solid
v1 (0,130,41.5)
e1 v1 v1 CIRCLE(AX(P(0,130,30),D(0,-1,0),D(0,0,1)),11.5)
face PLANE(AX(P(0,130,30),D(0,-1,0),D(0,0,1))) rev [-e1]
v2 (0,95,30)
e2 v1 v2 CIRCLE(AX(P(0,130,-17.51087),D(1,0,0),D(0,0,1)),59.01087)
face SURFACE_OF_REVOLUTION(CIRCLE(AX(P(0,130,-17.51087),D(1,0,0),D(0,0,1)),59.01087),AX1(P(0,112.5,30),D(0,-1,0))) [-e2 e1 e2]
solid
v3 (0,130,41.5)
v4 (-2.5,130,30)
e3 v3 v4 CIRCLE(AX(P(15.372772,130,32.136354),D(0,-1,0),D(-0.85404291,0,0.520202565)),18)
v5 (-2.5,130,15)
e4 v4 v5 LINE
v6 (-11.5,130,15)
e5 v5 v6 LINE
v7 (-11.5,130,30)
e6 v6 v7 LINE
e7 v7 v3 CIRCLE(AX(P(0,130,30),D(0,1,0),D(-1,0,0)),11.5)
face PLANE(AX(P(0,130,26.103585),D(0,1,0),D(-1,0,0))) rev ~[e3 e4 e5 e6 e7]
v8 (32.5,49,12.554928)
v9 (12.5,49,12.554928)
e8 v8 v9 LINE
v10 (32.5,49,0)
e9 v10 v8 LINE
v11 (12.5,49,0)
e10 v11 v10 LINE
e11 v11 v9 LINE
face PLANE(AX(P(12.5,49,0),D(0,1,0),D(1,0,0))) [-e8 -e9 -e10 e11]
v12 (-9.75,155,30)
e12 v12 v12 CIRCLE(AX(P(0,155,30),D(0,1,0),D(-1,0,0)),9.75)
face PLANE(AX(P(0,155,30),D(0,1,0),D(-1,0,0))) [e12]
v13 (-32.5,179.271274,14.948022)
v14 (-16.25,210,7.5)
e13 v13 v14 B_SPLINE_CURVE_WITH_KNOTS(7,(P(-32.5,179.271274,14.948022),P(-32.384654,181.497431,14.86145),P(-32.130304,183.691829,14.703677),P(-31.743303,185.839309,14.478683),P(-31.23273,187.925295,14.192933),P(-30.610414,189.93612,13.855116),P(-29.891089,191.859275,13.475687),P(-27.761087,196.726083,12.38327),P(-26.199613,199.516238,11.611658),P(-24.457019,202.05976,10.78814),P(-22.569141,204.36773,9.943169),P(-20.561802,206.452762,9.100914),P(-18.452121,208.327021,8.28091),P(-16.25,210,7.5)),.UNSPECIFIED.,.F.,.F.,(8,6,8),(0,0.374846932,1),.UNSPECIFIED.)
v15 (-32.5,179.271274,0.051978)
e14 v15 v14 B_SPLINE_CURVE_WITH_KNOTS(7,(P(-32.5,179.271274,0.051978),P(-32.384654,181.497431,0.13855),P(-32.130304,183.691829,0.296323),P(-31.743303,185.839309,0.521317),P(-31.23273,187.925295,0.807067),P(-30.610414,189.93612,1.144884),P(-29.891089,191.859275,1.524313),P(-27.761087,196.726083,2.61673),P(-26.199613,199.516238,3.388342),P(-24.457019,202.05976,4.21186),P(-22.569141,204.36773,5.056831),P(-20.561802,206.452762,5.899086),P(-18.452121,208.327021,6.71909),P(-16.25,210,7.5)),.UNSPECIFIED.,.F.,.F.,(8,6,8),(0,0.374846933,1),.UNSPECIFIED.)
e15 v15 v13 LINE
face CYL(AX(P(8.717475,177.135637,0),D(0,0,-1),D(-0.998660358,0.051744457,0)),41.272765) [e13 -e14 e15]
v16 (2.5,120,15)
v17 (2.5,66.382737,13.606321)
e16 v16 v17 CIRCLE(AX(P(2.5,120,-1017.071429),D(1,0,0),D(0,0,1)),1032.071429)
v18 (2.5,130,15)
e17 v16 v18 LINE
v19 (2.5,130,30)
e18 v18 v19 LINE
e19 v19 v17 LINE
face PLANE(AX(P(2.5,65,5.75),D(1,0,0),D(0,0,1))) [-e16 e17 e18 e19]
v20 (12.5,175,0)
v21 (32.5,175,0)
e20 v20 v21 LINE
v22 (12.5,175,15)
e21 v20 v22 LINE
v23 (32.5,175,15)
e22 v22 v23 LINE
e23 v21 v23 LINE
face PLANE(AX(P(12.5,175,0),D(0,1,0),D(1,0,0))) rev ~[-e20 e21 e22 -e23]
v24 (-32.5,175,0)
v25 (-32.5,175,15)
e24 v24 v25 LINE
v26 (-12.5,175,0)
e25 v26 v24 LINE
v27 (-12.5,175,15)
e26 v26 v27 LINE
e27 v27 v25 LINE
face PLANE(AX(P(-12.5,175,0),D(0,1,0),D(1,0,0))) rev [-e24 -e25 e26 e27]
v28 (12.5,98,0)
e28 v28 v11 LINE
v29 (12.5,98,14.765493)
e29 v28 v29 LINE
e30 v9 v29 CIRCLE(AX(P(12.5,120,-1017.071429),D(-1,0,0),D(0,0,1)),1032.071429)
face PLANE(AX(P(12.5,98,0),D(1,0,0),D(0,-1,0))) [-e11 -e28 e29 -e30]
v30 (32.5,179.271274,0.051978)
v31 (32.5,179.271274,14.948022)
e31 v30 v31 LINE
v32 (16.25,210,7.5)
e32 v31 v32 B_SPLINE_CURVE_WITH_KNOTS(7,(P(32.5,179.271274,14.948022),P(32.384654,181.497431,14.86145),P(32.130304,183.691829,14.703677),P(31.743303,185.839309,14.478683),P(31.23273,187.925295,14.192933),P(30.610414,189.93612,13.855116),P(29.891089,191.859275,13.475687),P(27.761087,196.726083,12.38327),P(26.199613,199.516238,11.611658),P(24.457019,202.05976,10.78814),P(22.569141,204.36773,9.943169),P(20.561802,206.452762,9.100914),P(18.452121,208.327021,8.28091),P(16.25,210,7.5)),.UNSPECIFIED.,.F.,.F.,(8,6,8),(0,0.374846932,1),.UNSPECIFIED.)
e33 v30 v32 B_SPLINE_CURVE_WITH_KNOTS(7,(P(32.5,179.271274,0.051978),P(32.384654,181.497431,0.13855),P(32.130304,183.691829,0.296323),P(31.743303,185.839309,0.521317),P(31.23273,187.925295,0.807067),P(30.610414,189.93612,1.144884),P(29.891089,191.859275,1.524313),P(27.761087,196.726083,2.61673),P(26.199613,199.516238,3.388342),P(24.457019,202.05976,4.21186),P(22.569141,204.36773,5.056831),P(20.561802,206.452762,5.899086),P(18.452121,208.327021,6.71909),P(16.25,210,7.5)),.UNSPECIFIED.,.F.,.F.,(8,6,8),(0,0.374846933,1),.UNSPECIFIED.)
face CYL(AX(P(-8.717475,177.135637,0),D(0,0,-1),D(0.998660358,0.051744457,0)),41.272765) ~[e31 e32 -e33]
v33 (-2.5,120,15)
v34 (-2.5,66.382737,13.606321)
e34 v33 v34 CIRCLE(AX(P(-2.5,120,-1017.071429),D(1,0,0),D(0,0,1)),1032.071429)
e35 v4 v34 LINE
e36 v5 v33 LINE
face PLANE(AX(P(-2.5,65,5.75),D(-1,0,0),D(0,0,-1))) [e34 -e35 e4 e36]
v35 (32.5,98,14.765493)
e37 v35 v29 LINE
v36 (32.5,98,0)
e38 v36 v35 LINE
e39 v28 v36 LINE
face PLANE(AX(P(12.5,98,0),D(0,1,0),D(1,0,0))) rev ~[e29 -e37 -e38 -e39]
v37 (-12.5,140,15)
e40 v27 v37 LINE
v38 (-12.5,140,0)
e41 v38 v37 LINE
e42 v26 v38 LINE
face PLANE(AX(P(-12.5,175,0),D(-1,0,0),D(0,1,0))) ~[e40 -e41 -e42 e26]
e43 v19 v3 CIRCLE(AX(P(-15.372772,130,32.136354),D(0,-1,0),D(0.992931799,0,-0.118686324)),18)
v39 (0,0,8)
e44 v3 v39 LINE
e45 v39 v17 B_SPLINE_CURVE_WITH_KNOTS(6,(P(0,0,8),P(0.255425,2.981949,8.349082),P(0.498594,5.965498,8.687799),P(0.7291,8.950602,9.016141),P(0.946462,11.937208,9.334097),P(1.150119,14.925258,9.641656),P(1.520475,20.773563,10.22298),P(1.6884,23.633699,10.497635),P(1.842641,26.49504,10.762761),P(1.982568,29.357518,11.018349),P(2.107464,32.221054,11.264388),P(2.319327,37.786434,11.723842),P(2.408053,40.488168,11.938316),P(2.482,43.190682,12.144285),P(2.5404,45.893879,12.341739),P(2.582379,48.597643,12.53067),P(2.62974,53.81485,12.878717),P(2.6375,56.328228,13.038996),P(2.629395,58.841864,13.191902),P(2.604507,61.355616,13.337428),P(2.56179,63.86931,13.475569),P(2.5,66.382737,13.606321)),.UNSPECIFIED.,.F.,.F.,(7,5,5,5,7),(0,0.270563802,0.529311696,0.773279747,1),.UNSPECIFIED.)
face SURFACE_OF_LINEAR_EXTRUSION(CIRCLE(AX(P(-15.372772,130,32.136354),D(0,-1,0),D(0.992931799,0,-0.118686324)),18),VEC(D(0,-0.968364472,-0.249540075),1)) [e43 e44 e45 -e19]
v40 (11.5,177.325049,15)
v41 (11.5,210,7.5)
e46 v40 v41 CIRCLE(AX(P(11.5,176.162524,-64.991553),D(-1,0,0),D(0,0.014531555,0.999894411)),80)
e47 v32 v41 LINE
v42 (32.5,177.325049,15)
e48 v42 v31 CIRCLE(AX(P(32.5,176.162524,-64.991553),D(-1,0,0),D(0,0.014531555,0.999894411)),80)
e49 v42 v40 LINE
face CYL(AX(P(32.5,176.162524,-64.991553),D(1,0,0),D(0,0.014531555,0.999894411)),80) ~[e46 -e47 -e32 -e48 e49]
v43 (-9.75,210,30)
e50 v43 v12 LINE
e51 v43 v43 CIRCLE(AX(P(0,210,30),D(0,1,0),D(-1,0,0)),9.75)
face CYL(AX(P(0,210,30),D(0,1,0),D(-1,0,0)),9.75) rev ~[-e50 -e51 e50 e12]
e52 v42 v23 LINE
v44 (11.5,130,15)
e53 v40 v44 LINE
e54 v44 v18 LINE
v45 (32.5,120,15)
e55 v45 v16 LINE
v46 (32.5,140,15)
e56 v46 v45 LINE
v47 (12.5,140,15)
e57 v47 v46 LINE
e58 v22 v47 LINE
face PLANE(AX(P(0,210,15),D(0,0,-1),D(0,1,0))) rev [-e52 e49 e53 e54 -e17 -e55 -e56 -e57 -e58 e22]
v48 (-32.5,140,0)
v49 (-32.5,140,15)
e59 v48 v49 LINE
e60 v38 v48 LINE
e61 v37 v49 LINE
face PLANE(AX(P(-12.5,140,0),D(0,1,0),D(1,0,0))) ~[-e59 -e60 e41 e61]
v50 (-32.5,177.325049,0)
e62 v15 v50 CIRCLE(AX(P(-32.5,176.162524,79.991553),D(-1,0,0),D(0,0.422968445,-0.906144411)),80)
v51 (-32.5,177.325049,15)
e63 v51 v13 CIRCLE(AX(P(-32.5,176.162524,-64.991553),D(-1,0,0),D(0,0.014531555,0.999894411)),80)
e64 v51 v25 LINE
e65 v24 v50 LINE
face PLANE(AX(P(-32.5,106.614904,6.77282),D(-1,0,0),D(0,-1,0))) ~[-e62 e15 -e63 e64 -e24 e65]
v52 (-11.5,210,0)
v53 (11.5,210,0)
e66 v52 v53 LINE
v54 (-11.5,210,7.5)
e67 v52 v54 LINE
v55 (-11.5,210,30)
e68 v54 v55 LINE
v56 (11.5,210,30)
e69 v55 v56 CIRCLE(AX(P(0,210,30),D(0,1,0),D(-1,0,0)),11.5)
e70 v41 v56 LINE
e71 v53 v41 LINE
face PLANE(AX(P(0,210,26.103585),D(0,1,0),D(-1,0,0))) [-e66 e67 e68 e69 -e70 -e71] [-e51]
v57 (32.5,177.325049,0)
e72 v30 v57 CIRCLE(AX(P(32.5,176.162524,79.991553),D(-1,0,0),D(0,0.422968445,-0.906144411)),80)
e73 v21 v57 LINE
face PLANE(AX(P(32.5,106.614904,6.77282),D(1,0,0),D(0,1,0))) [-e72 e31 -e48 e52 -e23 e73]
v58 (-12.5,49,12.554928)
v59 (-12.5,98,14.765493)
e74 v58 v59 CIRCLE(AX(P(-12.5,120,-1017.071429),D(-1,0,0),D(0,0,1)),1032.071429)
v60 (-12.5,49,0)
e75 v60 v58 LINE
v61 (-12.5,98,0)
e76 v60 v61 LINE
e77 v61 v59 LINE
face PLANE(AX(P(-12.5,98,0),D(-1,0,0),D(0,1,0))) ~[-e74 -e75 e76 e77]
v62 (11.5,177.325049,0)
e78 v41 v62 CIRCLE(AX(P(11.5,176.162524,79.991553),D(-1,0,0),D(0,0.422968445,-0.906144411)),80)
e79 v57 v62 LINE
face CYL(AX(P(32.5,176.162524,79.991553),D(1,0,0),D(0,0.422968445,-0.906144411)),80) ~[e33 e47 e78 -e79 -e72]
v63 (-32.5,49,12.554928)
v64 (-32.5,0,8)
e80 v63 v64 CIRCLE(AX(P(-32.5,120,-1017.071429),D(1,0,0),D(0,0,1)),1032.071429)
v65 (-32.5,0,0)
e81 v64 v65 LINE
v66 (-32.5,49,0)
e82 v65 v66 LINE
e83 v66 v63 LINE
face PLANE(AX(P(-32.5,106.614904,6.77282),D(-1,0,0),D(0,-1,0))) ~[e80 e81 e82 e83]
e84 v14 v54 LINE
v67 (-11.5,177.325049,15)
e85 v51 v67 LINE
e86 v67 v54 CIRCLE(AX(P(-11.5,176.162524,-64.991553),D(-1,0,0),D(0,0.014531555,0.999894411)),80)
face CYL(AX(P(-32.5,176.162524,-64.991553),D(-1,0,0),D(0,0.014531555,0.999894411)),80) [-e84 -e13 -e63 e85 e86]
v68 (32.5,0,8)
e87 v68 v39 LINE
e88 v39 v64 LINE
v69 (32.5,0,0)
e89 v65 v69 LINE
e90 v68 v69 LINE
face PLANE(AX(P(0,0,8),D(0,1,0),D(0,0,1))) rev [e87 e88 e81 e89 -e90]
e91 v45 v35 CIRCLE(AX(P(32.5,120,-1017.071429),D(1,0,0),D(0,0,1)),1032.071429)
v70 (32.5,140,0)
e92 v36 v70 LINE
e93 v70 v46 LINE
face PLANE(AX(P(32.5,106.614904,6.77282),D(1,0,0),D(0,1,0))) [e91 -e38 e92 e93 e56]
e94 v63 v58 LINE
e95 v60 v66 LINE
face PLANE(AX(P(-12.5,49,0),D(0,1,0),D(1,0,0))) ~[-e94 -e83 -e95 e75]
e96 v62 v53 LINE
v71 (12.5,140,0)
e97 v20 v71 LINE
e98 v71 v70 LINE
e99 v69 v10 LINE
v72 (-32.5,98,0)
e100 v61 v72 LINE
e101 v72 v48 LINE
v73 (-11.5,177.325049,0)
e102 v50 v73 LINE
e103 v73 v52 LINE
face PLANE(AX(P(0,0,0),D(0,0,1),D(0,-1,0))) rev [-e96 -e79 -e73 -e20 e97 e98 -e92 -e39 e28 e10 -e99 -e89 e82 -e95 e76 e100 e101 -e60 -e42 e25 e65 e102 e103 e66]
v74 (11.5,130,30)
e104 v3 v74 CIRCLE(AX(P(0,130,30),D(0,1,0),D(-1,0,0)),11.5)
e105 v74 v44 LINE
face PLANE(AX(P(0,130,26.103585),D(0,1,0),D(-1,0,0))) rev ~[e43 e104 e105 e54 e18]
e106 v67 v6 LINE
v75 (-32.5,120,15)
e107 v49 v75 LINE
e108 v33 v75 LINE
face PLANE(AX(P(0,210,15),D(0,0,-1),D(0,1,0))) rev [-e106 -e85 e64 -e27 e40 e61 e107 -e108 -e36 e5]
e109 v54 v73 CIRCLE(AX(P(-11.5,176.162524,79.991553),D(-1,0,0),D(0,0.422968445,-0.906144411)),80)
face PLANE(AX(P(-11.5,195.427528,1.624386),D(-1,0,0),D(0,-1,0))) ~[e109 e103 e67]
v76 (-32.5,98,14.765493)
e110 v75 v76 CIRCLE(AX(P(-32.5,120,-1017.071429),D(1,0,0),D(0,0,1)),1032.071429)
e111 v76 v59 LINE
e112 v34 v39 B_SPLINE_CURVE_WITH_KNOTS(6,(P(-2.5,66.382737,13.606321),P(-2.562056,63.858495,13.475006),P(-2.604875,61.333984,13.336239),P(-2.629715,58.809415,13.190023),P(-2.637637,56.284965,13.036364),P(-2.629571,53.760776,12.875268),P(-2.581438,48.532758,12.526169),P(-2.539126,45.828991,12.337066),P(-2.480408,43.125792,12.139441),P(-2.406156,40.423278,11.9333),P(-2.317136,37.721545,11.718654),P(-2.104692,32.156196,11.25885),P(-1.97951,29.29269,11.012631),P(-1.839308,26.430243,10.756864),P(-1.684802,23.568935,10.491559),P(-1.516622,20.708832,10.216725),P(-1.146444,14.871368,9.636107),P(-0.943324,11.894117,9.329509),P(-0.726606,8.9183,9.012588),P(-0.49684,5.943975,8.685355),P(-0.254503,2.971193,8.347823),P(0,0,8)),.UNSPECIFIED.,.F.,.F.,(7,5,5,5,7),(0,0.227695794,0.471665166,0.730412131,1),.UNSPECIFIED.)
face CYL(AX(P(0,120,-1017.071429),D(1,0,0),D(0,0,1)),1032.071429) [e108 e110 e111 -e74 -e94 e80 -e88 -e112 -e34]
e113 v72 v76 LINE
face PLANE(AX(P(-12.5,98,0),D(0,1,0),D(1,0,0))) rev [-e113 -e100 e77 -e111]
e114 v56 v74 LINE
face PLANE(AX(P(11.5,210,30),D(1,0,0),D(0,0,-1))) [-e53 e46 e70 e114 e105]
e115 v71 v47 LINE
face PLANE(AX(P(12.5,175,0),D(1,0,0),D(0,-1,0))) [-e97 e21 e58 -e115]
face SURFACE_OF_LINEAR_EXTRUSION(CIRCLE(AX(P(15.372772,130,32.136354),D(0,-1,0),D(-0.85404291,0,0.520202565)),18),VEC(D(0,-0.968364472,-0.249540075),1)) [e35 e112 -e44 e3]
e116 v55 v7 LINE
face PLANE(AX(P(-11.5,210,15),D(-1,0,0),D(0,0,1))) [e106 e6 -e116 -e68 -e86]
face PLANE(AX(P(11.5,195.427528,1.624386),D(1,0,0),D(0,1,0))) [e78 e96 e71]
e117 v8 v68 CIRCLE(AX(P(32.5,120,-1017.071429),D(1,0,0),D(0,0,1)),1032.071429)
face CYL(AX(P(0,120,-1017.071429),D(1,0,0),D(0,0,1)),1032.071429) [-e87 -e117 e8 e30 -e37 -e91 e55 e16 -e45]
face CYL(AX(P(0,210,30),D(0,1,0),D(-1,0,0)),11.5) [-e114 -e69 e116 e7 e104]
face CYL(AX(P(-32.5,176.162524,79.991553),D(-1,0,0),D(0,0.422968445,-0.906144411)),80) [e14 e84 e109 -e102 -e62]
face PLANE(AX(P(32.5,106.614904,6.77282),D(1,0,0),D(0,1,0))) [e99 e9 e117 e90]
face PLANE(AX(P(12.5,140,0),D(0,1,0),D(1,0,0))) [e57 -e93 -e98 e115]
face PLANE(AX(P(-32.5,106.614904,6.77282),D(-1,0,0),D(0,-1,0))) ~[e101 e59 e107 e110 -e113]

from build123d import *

# Parameters (mm, degrees)
F1_DEPTH  = 32.5
F2_W      = 20
F2_H      = 49
F2_H_2    = 35
F4_DEPTH  = 15.001
F5_DEPTH  = 21
F7_R      = 9.75
F8_DEPTH  = 80
F9_DEPTH  = 55
F16_DEPTH = 35.0010001
F18_DEPTH = 65.0010001


with BuildPart() as f1:
    # F0 (on Right) → F1 (new body)
    with BuildSketch(Plane.YZ):
        with BuildLine():
            Line((0, 8), (0, 0))
            Line((0, 0), (210, 0))
            Line((210, 0), (210, 15))
            Line((210, 15), (120, 15))
            ThreePointArc((120, 15), (59.898003361, 13.2485138122), (0, 8))
        make_face()
    extrude(amount=F1_DEPTH)

    # F2 (on face) → F4 (cut, through all)
    with BuildSketch(Plane(origin=(0, 0, 0), x_dir=(1, 0, 0), z_dir=(0, 0, -1))):
        with Locations((22.5, -73.5)):
            Rectangle(F2_W, F2_H)
        with Locations((22.5, -157.5)):
            Rectangle(F2_W, F2_H_2)
        with BuildLine():
            Line((32.5, -210), (32.5, -179.2712736624))
            ThreePointArc((32.5, -179.2712736624), (27.7678036817, -196.4298231317), (16.25, -210))
            Line((16.25, -210), (32.5, -210))
        make_face()
    extrude(amount=-F4_DEPTH, mode=Mode.SUBTRACT)

    # F3 (on face) → F5 (cut)
    with BuildSketch(Plane.YZ.offset(32.5)):
        with BuildLine():
            Line((210, 15), (177.3250487525, 15))
            ThreePointArc((177.3250487525, 15), (194.0598007054, 12.980797958), (210, 7.5))
            Line((210, 7.5), (210, 15))
        make_face()
        with BuildLine():
            ThreePointArc((210, 7.5), (194.0598007054, 2.019202042), (177.3250487525, 0))
            Line((177.3250487525, 0), (210, 0))
            Line((210, 0), (210, 7.5))
        make_face()
    extrude(amount=-F5_DEPTH, mode=Mode.SUBTRACT)

    # F6: F1 across plane


with BuildPart() as f1_1:
    add(f1.part)
    add(f1.part.mirror(Plane.YZ))

    # F7 (on face) → F8 (join)
    with BuildSketch(Plane(origin=(0, 210, 0), x_dir=(-1, 0, 0), z_dir=(0, 1, 0))):
        with BuildLine():
            Line((-11.5, 30), (-11.5, 15))
            Line((-11.5, 15), (11.5, 15))
            Line((11.5, 15), (11.5, 30))
            ThreePointArc((11.5, 30), (0, 41.5), (-11.5, 30))
        make_face()
        with Locations((0, 30)):
            Circle(F7_R, mode=Mode.SUBTRACT)
        with Locations((0, 30)):
            Circle(F7_R)
    extrude(amount=-F8_DEPTH)

    # F7 (on face) → F9 (cut)
    with BuildSketch(Plane(origin=(0, 210, 0), x_dir=(-1, 0, 0), z_dir=(0, 1, 0))):
        with Locations((0, 30)):
            Circle(F7_R)
    extrude(amount=-F9_DEPTH, mode=Mode.SUBTRACT)

    # F14: sweep along a path in F13
    with BuildLine(Plane.YZ) as f14_path:
        Line((130, 41.5), (0, 8))
    # F12 (on face) → F14 (sweep)
    with BuildSketch(Plane.XZ.offset(-130)):
        with BuildLine():
            Line((-2.5, 15), (2.5, 15))
            Line((2.5, 15), (2.5, 30))
            ThreePointArc((2.5, 30), (2.2164021774, 35.9600874299), (0, 41.5))
            ThreePointArc((0, 41.5), (-2.2164021774, 35.9600874299), (-2.5, 30))
            Line((-2.5, 30), (-2.5, 15))
        make_face()
    sweep(path=f14_path.line)

    # F15 (on face) → F16 (cut, through all)
    with BuildSketch(Plane.YZ.offset(2.5)):
        Polygon((0, 0), (0, -3.5), (13.5820895522, 0), align=None)
        Polygon((13.5820895522, 0), (0, -3.5), (0, -18.5), (71.7910447761, 0), (49, 0), align=None)
    extrude(amount=-F16_DEPTH, mode=Mode.SUBTRACT)

    # F17 (on face) → F18 (cut, through all)
    with BuildSketch(Plane.YZ.offset(32.5)):
        Polygon((0, -3.5), (13.5820895522, 0), (0, 0), align=None)
    extrude(amount=-F18_DEPTH, mode=Mode.SUBTRACT)


with BuildPart() as f11:
    # F10 (on Right) → F11 (revolve)
    with BuildSketch(Plane.YZ):
        with BuildLine():
            Line((95, 30), (130, 30))
            Line((130, 30), (130, 41.5))
            ThreePointArc((130, 41.5), (111.5795629802, 38.5513300602), (95, 30))
        make_face()
    revolve(axis=Axis((0, 112.5, 30), (0, -1, 0)))


solid = Compound([f1_1.part, f11.part])
